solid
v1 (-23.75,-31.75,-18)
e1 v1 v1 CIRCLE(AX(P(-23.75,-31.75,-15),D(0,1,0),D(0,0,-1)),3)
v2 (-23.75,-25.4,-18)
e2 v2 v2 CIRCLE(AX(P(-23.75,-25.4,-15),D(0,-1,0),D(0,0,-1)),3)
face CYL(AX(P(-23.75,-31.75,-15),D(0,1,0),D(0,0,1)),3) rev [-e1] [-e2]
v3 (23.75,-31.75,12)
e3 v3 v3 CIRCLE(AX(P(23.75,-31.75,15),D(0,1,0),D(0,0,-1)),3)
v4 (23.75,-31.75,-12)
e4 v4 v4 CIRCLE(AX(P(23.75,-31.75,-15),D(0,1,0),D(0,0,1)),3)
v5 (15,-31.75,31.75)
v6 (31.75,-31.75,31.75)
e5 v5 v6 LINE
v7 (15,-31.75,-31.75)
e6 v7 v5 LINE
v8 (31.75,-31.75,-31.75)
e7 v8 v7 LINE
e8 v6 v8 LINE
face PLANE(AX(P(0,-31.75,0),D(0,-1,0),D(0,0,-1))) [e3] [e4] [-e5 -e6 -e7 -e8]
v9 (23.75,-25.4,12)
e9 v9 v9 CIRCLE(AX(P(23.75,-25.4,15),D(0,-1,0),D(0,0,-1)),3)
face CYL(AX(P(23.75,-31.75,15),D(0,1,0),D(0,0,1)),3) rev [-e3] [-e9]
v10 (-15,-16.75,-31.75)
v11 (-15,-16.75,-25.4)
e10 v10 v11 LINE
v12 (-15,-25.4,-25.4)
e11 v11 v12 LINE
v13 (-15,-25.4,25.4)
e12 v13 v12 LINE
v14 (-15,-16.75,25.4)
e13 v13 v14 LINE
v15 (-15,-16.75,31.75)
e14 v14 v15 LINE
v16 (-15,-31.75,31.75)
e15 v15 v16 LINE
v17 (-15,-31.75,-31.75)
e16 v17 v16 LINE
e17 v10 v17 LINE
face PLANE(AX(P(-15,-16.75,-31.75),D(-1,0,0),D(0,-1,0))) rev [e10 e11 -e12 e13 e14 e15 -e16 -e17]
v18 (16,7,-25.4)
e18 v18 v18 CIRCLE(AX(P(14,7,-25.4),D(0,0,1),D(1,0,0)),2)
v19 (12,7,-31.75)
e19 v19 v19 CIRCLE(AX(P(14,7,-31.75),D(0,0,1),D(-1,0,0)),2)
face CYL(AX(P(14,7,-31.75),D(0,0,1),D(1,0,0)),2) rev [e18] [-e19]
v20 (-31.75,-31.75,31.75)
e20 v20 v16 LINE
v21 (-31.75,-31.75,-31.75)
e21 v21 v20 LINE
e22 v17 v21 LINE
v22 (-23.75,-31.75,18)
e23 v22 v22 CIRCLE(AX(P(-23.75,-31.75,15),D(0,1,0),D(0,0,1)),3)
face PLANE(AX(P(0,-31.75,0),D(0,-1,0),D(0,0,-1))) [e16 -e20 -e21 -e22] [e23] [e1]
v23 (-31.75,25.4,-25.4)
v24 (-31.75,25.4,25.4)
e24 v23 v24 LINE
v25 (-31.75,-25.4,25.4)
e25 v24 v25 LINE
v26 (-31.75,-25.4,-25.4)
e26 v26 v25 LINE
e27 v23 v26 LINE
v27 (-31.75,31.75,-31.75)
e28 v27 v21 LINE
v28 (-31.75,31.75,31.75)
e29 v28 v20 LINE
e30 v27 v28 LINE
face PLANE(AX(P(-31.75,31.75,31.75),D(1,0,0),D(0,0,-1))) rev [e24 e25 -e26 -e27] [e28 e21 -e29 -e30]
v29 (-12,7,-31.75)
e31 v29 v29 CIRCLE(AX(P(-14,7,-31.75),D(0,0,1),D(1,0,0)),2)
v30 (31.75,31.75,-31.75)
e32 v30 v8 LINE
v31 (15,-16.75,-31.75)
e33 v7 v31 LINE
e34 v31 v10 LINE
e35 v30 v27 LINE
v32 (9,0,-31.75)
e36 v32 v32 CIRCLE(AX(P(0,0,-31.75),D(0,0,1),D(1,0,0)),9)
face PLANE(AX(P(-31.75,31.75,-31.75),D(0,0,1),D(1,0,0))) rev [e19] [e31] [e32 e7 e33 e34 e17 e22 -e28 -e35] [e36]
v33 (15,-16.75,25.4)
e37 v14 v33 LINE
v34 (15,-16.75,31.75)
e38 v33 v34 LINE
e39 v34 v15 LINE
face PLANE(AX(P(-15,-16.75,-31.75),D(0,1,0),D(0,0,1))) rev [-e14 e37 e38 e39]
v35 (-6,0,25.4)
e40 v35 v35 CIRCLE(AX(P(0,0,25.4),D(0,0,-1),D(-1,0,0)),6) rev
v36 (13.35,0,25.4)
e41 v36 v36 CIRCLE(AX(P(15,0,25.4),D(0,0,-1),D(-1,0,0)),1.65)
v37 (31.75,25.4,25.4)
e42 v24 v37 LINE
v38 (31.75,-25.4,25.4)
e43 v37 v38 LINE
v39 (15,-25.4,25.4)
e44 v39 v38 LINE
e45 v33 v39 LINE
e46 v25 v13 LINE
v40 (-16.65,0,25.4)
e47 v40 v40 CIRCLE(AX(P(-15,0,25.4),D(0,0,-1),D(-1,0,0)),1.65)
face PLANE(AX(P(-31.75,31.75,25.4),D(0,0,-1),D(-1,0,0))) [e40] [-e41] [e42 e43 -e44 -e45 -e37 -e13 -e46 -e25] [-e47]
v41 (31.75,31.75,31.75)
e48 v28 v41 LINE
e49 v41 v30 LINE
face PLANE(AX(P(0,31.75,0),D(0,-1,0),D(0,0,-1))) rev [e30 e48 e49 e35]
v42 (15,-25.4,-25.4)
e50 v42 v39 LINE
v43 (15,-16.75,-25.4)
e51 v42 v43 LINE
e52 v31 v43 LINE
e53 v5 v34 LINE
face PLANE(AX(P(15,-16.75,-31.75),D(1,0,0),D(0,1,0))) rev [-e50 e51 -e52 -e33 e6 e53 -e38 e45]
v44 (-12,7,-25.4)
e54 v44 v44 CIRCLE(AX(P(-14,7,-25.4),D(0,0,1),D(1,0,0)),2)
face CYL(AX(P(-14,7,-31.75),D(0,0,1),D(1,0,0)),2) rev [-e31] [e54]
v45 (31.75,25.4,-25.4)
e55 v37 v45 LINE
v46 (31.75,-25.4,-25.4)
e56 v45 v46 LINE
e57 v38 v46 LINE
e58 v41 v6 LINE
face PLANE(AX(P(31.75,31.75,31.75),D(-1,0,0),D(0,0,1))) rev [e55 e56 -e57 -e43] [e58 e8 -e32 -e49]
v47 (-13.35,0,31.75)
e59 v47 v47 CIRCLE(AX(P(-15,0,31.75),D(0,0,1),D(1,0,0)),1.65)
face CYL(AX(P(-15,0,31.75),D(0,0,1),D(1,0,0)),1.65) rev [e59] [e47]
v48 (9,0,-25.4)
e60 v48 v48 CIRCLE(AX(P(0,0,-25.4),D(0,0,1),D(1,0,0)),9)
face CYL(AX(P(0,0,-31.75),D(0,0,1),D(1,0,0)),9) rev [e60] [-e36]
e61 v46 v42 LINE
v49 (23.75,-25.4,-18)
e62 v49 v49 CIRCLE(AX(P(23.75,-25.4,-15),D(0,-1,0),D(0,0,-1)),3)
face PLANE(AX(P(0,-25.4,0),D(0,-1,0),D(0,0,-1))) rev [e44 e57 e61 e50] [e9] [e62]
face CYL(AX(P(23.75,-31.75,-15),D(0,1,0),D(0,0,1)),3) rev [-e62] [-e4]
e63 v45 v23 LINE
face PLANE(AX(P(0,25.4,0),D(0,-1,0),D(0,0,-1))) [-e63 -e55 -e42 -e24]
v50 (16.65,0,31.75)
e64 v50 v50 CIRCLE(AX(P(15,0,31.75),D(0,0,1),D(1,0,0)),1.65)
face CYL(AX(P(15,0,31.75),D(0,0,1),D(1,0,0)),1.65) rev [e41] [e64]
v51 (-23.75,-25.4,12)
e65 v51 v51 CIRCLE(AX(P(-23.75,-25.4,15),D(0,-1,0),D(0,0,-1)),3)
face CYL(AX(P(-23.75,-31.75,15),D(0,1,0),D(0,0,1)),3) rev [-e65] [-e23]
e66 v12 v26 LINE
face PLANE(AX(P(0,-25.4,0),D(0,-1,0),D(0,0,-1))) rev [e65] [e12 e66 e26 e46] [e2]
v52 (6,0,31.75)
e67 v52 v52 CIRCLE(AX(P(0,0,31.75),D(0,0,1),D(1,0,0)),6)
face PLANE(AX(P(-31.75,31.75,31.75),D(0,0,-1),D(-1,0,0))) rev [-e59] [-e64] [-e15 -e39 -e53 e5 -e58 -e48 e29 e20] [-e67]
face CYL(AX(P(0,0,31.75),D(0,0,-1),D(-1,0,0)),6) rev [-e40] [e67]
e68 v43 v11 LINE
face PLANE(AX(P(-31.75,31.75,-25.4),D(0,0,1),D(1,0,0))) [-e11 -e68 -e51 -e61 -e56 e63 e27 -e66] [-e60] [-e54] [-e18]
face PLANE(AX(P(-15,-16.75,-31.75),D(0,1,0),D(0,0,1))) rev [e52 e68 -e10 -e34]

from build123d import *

# Parameters (mm, degrees)
SKETCH1_W                 = 63.5
SKETCH1_H                 = 63.5
BOSS_EXTRUDE1_DEPTH       = 31.75
SHELL1_T                  = -6.35
SKETCH2_W                 = 30
SKETCH2_H                 = 15
CUT_EXTRUDE1_DEPTH        = 32.75
CUT_EXTRUDE1_DEPTH_BACK   = 32.75
SKETCH3_R                 = 6
CUT_EXTRUDE2_DEPTH        = 32.75
M4X0_7_TAPPED_HOLE3_D     = 3.3
M4X0_7_TAPPED_HOLE3_DEPTH = 6.35
SKETCH8_R                 = 9
SKETCH8_R_2               = 2
CUT_EXTRUDE3_DEPTH        = 32.75
SKETCH9_R                 = 3
CUT_EXTRUDE4_DEPTH        = 32.75


with BuildPart() as part:
    # Sketch1 → Boss-Extrude1 (new body, symmetric)
    with BuildSketch(Plane(origin=(0, 0, 0), x_dir=(1, 0, 0), z_dir=(0, 1, 0))):
        Rectangle(SKETCH1_W, SKETCH1_H)
    extrude(amount=BOSS_EXTRUDE1_DEPTH, both=True)

    # Shell1
    shell1_openings = [part.faces().sort_by_distance(p)[0] for p in [
        (-31.75, 0, 0),
        (31.75, 0, 0),
    ]]
    offset(amount=SHELL1_T, openings=shell1_openings, kind=Kind.INTERSECTION)

    # Sketch2 → Cut-Extrude1 (cut, two sides)
    with BuildSketch(Plane.XY) as cut_extrude1_sk:
        with Locations((0, -24.25)):
            Rectangle(SKETCH2_W, SKETCH2_H)
    extrude(amount=CUT_EXTRUDE1_DEPTH, mode=Mode.SUBTRACT)
    extrude(cut_extrude1_sk.sketch, amount=-CUT_EXTRUDE1_DEPTH_BACK, mode=Mode.SUBTRACT)

    # Sketch3 → Cut-Extrude2 (cut, through all)
    with BuildSketch(Plane.XY):
        Circle(SKETCH3_R)
    extrude(amount=CUT_EXTRUDE2_DEPTH, mode=Mode.SUBTRACT)

    # M4x0.7 Tapped Hole3
    with Locations(Plane(origin=(-15, 0, 31.75), x_dir=(1, 0, 0), z_dir=(0, 0, 1))):
        with Locations((0, 0), (30, 0)):
            Hole(M4X0_7_TAPPED_HOLE3_D / 2, depth=M4X0_7_TAPPED_HOLE3_DEPTH)

    # Sketch8 → Cut-Extrude3 (cut, through all)
    with BuildSketch(Plane.XY):
        Circle(SKETCH8_R)
        with Locations((-14, 7)):
            Circle(SKETCH8_R_2)
        with Locations((14, 7)):
            Circle(SKETCH8_R_2)
    extrude(amount=-CUT_EXTRUDE3_DEPTH, mode=Mode.SUBTRACT)

    # Sketch9 → Cut-Extrude4 (cut, through all)
    with BuildSketch(Plane(origin=(0, 0, 0), x_dir=(1, 0, 0), z_dir=(0, 1, 0))):
        with Locations((-23.75, -15)):
            Circle(SKETCH9_R)
        with Locations((23.75, -15)):
            Circle(SKETCH9_R)
        with Locations((23.75, 15)):
            Circle(SKETCH9_R)
        with Locations((-23.75, 15)):
            Circle(SKETCH9_R)
    extrude(amount=-CUT_EXTRUDE4_DEPTH, mode=Mode.SUBTRACT)


solid = part.part
